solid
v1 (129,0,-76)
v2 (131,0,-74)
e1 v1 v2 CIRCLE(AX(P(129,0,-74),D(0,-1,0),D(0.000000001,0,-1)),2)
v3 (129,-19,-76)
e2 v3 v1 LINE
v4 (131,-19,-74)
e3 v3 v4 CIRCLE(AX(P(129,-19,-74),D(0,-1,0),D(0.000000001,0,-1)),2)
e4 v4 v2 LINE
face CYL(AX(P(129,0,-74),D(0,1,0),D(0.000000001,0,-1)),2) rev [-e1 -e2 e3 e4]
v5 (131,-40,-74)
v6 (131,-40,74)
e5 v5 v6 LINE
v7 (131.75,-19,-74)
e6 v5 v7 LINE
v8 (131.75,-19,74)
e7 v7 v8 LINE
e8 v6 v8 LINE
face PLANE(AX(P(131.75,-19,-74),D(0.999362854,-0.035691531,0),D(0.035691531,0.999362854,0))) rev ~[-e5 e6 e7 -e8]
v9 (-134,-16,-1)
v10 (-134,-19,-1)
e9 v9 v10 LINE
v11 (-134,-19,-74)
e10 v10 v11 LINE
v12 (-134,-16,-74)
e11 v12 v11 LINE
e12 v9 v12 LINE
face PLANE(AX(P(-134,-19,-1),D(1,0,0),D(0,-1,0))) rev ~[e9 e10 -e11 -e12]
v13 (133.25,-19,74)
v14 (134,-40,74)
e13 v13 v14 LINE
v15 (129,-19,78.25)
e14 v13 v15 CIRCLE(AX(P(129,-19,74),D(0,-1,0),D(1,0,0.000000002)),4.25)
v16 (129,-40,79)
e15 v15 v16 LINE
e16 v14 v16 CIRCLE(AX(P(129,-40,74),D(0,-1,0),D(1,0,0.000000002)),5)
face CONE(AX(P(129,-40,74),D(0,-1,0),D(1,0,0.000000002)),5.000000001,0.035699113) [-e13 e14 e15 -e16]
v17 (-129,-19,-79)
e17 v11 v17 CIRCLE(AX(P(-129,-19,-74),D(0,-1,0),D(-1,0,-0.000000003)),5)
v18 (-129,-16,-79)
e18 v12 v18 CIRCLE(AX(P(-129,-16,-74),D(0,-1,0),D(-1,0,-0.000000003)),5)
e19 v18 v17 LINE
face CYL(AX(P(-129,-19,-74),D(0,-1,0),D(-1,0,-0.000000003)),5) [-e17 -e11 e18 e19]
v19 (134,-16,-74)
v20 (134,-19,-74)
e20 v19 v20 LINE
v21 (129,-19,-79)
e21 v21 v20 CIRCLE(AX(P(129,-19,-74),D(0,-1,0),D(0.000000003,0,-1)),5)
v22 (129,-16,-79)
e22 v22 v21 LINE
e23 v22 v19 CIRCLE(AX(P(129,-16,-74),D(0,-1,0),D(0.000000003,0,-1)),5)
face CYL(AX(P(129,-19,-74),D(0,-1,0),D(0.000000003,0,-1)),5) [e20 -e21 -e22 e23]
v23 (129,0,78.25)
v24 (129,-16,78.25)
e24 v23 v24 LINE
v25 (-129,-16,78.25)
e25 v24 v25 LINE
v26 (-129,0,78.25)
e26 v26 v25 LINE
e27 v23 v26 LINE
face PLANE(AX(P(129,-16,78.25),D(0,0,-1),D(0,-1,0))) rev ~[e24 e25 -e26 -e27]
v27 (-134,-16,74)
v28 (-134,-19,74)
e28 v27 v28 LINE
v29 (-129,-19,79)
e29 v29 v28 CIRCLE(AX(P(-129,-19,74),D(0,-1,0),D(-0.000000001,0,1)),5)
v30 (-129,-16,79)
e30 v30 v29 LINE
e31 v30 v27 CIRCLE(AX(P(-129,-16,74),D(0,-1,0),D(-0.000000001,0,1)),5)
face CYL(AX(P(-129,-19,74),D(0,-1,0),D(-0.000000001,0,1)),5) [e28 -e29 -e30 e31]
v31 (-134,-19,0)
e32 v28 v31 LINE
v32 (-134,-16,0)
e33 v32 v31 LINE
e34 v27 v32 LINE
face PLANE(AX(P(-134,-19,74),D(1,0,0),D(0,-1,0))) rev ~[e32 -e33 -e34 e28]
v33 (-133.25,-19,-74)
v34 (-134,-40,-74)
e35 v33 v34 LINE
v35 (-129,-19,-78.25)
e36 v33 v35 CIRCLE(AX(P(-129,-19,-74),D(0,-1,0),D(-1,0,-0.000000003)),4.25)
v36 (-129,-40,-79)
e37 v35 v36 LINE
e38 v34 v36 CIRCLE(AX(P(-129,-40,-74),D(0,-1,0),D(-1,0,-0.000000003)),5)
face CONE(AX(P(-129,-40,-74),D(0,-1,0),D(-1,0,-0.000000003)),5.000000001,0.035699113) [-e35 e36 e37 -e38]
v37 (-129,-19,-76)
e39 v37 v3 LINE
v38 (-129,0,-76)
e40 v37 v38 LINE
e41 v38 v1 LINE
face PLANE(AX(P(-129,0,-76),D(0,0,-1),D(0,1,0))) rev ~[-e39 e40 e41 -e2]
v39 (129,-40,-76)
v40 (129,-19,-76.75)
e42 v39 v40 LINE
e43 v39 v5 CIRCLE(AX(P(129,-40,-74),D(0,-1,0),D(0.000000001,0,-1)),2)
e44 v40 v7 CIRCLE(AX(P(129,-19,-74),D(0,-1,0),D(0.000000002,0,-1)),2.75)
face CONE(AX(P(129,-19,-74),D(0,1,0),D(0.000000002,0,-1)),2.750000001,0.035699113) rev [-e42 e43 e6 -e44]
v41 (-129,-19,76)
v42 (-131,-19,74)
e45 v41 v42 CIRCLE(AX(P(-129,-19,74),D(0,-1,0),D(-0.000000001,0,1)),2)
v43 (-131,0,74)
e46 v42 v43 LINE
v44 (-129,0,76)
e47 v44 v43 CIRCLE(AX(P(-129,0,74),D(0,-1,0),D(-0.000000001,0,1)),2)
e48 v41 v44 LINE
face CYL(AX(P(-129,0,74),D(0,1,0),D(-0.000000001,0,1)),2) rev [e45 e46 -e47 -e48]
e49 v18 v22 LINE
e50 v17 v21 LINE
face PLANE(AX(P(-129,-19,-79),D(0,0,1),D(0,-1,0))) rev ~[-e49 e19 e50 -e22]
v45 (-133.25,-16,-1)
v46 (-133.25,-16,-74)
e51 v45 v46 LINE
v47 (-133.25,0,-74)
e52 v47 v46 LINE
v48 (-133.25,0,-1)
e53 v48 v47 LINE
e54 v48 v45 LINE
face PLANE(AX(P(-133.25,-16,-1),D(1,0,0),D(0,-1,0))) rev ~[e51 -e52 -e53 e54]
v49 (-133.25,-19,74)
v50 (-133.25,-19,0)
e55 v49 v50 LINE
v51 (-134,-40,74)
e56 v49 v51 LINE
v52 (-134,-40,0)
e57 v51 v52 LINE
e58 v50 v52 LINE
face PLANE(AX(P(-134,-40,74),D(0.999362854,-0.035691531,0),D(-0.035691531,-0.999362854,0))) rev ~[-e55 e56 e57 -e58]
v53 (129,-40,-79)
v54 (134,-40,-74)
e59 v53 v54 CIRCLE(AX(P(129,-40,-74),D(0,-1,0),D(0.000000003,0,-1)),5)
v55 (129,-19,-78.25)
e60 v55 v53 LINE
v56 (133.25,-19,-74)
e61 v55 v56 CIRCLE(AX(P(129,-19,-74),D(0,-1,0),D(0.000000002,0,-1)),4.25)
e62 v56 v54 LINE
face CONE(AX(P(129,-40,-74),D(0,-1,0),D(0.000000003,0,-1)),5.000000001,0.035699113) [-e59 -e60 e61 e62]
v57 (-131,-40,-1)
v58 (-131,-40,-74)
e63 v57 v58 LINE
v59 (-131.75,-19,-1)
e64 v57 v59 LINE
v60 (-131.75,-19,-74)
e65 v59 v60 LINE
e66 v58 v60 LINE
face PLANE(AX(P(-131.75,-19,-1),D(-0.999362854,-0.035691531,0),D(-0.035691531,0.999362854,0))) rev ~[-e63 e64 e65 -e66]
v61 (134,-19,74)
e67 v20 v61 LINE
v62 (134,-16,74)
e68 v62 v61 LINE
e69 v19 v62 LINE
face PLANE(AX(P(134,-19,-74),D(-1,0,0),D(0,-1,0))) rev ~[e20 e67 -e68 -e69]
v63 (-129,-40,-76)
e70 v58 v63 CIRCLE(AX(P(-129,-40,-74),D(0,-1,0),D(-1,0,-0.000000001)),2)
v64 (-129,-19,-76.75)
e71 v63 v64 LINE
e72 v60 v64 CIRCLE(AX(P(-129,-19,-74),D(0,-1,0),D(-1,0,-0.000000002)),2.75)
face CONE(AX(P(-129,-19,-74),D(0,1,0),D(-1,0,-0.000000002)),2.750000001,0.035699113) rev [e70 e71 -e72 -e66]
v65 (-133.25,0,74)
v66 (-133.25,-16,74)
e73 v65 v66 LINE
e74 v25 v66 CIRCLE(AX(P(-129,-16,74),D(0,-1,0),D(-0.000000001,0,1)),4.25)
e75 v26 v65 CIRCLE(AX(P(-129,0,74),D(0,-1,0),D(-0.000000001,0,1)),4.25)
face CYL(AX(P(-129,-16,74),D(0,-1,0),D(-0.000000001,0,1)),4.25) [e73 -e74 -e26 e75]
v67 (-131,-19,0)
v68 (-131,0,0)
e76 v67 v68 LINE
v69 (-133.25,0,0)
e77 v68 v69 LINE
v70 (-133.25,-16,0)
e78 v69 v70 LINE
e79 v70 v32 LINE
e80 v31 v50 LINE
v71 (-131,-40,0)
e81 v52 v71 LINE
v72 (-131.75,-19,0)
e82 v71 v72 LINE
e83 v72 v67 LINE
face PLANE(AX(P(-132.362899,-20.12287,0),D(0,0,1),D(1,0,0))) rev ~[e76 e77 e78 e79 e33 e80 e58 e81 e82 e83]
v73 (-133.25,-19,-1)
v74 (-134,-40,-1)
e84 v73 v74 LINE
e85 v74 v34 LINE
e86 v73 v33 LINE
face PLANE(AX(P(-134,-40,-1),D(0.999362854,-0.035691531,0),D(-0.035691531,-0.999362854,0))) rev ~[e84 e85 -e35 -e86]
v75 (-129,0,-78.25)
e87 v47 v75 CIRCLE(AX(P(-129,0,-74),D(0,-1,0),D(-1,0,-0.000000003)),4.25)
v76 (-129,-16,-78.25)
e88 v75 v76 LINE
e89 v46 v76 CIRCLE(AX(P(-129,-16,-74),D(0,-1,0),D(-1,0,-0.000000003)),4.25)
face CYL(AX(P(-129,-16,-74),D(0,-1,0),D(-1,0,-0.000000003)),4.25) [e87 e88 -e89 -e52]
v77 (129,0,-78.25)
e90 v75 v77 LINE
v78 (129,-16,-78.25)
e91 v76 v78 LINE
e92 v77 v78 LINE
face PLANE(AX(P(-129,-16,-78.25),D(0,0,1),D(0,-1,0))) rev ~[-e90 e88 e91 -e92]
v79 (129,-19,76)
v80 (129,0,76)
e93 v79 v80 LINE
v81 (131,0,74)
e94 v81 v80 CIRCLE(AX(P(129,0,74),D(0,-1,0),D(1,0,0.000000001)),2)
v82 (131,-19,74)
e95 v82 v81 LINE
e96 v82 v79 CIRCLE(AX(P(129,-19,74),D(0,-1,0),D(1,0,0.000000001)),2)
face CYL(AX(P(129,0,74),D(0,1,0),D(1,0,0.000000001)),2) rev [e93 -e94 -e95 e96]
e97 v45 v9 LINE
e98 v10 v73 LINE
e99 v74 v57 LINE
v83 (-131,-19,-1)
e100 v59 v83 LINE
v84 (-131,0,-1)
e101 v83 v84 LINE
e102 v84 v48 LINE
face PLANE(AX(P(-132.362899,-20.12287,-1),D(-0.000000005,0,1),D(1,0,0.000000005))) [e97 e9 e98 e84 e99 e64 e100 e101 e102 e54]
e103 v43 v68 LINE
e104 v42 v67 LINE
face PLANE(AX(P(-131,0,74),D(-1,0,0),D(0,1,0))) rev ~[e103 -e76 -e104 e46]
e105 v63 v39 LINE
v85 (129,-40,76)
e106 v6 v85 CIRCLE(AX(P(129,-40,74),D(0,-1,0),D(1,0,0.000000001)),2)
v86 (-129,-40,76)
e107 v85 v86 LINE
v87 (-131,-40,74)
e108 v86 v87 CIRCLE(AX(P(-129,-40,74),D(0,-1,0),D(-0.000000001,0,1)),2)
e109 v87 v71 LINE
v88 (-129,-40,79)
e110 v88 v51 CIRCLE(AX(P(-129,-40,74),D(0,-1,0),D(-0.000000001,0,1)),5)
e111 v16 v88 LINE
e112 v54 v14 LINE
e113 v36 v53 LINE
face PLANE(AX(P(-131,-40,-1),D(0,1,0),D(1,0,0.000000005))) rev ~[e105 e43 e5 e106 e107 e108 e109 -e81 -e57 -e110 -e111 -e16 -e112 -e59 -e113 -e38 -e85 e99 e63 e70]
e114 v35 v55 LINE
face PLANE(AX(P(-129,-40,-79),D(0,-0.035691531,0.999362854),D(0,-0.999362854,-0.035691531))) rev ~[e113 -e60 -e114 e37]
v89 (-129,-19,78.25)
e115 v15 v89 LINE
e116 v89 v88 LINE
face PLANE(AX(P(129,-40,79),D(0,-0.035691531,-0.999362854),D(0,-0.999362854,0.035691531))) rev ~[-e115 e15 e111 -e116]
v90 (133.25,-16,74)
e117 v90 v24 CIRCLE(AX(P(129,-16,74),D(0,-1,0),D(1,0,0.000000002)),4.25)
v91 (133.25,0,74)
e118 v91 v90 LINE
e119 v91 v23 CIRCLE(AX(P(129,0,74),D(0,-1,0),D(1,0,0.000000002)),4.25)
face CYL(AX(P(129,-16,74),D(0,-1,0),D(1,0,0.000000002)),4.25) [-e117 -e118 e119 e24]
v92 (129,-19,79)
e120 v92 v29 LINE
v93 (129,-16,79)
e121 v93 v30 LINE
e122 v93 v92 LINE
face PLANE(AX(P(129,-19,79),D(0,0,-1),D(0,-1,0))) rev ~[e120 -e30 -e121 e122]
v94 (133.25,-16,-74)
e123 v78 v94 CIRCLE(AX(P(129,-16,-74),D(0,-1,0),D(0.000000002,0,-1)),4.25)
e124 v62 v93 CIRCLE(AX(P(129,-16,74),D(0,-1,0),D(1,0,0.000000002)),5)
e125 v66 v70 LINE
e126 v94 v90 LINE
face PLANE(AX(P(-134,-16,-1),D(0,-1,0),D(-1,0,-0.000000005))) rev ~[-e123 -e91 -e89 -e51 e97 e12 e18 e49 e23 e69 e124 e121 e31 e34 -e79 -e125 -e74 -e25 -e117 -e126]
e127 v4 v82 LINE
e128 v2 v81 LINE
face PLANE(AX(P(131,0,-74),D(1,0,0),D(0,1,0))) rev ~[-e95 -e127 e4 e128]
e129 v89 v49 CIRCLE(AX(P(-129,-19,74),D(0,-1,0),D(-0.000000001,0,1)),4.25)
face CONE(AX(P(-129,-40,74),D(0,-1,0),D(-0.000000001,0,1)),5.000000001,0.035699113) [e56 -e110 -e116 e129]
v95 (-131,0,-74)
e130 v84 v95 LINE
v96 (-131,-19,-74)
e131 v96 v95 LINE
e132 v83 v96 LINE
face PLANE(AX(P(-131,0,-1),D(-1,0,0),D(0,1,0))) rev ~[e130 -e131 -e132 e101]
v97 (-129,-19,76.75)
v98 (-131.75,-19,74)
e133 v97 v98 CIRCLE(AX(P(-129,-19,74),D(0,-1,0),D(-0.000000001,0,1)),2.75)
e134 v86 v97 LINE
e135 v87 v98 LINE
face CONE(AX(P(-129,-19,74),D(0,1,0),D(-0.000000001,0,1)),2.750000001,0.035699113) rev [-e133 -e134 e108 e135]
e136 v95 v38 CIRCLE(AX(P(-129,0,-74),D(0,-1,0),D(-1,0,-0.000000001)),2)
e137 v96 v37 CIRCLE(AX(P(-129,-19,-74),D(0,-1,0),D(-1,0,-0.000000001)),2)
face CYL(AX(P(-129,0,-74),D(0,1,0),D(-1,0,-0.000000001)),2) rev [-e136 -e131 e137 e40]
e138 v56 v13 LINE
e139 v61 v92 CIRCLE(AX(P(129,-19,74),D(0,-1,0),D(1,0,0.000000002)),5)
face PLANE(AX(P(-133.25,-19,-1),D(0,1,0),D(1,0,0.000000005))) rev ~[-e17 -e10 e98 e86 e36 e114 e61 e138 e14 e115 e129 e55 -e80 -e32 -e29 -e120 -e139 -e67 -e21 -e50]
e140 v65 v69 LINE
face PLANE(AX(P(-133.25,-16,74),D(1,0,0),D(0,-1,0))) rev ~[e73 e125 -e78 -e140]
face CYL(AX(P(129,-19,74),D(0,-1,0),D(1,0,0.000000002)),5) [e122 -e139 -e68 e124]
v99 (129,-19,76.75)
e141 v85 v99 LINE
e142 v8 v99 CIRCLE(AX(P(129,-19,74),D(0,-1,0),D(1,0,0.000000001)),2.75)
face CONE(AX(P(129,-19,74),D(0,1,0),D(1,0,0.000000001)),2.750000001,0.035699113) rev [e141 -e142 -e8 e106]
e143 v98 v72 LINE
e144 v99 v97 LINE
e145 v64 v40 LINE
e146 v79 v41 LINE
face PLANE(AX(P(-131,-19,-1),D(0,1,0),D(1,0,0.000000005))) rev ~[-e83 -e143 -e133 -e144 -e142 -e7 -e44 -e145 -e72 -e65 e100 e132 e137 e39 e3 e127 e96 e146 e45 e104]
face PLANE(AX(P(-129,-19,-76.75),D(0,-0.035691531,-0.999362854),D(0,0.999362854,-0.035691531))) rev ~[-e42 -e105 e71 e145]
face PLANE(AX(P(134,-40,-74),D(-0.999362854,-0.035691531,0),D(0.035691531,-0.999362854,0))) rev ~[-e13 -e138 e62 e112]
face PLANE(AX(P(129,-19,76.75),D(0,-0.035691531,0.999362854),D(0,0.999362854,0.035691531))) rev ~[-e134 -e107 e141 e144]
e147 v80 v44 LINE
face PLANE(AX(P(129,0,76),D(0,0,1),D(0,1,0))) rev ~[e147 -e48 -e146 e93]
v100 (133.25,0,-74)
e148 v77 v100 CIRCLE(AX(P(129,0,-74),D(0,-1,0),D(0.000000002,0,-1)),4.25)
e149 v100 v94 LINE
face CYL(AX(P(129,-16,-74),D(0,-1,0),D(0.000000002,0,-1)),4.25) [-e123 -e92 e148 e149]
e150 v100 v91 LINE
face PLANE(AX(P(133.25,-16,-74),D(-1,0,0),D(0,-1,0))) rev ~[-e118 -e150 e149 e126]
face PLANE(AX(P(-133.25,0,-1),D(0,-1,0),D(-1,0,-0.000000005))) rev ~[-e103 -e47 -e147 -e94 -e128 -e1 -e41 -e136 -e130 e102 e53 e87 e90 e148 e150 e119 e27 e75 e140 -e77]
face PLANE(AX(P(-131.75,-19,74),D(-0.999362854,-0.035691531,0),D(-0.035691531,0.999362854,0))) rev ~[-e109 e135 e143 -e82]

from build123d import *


with BuildPart() as part:
    # Sweep1: sweep along a path in Sketch1
    with BuildLine(Plane(origin=(0, 0, 0), x_dir=(1, 0, 0), z_dir=(0, 1, 0))) as sweep1_path:
        Line((-131, 1), (-131, 74))
        ThreePointArc((-131, 74), (-130.414213562, 75.414213562), (-129, 76))
        Line((-129, 76), (129, 76))
        ThreePointArc((129, 76), (130.414213562, 75.414213562), (131, 74))
        Line((131, 74), (131, -74))
        ThreePointArc((131, -74), (130.414213562, -75.414213562), (129, -76))
        Line((129, -76), (-129, -76))
        ThreePointArc((-129, -76), (-130.414213562, -75.414213562), (-131, -74))
        Line((-131, -74), (-131, 0))
    # Sketch2 → Sweep1 (sweep)
    with BuildSketch(Plane.XY):
        Polygon((-131, 0), (-131, -19), (-131.75, -19), (-131, -40), (-134, -40), (-133.25, -19), (-134, -19), (-134, -16), (-133.25, -16), (-133.25, 0), align=None)
    sweep(path=sweep1_path.line)


solid = part.part
